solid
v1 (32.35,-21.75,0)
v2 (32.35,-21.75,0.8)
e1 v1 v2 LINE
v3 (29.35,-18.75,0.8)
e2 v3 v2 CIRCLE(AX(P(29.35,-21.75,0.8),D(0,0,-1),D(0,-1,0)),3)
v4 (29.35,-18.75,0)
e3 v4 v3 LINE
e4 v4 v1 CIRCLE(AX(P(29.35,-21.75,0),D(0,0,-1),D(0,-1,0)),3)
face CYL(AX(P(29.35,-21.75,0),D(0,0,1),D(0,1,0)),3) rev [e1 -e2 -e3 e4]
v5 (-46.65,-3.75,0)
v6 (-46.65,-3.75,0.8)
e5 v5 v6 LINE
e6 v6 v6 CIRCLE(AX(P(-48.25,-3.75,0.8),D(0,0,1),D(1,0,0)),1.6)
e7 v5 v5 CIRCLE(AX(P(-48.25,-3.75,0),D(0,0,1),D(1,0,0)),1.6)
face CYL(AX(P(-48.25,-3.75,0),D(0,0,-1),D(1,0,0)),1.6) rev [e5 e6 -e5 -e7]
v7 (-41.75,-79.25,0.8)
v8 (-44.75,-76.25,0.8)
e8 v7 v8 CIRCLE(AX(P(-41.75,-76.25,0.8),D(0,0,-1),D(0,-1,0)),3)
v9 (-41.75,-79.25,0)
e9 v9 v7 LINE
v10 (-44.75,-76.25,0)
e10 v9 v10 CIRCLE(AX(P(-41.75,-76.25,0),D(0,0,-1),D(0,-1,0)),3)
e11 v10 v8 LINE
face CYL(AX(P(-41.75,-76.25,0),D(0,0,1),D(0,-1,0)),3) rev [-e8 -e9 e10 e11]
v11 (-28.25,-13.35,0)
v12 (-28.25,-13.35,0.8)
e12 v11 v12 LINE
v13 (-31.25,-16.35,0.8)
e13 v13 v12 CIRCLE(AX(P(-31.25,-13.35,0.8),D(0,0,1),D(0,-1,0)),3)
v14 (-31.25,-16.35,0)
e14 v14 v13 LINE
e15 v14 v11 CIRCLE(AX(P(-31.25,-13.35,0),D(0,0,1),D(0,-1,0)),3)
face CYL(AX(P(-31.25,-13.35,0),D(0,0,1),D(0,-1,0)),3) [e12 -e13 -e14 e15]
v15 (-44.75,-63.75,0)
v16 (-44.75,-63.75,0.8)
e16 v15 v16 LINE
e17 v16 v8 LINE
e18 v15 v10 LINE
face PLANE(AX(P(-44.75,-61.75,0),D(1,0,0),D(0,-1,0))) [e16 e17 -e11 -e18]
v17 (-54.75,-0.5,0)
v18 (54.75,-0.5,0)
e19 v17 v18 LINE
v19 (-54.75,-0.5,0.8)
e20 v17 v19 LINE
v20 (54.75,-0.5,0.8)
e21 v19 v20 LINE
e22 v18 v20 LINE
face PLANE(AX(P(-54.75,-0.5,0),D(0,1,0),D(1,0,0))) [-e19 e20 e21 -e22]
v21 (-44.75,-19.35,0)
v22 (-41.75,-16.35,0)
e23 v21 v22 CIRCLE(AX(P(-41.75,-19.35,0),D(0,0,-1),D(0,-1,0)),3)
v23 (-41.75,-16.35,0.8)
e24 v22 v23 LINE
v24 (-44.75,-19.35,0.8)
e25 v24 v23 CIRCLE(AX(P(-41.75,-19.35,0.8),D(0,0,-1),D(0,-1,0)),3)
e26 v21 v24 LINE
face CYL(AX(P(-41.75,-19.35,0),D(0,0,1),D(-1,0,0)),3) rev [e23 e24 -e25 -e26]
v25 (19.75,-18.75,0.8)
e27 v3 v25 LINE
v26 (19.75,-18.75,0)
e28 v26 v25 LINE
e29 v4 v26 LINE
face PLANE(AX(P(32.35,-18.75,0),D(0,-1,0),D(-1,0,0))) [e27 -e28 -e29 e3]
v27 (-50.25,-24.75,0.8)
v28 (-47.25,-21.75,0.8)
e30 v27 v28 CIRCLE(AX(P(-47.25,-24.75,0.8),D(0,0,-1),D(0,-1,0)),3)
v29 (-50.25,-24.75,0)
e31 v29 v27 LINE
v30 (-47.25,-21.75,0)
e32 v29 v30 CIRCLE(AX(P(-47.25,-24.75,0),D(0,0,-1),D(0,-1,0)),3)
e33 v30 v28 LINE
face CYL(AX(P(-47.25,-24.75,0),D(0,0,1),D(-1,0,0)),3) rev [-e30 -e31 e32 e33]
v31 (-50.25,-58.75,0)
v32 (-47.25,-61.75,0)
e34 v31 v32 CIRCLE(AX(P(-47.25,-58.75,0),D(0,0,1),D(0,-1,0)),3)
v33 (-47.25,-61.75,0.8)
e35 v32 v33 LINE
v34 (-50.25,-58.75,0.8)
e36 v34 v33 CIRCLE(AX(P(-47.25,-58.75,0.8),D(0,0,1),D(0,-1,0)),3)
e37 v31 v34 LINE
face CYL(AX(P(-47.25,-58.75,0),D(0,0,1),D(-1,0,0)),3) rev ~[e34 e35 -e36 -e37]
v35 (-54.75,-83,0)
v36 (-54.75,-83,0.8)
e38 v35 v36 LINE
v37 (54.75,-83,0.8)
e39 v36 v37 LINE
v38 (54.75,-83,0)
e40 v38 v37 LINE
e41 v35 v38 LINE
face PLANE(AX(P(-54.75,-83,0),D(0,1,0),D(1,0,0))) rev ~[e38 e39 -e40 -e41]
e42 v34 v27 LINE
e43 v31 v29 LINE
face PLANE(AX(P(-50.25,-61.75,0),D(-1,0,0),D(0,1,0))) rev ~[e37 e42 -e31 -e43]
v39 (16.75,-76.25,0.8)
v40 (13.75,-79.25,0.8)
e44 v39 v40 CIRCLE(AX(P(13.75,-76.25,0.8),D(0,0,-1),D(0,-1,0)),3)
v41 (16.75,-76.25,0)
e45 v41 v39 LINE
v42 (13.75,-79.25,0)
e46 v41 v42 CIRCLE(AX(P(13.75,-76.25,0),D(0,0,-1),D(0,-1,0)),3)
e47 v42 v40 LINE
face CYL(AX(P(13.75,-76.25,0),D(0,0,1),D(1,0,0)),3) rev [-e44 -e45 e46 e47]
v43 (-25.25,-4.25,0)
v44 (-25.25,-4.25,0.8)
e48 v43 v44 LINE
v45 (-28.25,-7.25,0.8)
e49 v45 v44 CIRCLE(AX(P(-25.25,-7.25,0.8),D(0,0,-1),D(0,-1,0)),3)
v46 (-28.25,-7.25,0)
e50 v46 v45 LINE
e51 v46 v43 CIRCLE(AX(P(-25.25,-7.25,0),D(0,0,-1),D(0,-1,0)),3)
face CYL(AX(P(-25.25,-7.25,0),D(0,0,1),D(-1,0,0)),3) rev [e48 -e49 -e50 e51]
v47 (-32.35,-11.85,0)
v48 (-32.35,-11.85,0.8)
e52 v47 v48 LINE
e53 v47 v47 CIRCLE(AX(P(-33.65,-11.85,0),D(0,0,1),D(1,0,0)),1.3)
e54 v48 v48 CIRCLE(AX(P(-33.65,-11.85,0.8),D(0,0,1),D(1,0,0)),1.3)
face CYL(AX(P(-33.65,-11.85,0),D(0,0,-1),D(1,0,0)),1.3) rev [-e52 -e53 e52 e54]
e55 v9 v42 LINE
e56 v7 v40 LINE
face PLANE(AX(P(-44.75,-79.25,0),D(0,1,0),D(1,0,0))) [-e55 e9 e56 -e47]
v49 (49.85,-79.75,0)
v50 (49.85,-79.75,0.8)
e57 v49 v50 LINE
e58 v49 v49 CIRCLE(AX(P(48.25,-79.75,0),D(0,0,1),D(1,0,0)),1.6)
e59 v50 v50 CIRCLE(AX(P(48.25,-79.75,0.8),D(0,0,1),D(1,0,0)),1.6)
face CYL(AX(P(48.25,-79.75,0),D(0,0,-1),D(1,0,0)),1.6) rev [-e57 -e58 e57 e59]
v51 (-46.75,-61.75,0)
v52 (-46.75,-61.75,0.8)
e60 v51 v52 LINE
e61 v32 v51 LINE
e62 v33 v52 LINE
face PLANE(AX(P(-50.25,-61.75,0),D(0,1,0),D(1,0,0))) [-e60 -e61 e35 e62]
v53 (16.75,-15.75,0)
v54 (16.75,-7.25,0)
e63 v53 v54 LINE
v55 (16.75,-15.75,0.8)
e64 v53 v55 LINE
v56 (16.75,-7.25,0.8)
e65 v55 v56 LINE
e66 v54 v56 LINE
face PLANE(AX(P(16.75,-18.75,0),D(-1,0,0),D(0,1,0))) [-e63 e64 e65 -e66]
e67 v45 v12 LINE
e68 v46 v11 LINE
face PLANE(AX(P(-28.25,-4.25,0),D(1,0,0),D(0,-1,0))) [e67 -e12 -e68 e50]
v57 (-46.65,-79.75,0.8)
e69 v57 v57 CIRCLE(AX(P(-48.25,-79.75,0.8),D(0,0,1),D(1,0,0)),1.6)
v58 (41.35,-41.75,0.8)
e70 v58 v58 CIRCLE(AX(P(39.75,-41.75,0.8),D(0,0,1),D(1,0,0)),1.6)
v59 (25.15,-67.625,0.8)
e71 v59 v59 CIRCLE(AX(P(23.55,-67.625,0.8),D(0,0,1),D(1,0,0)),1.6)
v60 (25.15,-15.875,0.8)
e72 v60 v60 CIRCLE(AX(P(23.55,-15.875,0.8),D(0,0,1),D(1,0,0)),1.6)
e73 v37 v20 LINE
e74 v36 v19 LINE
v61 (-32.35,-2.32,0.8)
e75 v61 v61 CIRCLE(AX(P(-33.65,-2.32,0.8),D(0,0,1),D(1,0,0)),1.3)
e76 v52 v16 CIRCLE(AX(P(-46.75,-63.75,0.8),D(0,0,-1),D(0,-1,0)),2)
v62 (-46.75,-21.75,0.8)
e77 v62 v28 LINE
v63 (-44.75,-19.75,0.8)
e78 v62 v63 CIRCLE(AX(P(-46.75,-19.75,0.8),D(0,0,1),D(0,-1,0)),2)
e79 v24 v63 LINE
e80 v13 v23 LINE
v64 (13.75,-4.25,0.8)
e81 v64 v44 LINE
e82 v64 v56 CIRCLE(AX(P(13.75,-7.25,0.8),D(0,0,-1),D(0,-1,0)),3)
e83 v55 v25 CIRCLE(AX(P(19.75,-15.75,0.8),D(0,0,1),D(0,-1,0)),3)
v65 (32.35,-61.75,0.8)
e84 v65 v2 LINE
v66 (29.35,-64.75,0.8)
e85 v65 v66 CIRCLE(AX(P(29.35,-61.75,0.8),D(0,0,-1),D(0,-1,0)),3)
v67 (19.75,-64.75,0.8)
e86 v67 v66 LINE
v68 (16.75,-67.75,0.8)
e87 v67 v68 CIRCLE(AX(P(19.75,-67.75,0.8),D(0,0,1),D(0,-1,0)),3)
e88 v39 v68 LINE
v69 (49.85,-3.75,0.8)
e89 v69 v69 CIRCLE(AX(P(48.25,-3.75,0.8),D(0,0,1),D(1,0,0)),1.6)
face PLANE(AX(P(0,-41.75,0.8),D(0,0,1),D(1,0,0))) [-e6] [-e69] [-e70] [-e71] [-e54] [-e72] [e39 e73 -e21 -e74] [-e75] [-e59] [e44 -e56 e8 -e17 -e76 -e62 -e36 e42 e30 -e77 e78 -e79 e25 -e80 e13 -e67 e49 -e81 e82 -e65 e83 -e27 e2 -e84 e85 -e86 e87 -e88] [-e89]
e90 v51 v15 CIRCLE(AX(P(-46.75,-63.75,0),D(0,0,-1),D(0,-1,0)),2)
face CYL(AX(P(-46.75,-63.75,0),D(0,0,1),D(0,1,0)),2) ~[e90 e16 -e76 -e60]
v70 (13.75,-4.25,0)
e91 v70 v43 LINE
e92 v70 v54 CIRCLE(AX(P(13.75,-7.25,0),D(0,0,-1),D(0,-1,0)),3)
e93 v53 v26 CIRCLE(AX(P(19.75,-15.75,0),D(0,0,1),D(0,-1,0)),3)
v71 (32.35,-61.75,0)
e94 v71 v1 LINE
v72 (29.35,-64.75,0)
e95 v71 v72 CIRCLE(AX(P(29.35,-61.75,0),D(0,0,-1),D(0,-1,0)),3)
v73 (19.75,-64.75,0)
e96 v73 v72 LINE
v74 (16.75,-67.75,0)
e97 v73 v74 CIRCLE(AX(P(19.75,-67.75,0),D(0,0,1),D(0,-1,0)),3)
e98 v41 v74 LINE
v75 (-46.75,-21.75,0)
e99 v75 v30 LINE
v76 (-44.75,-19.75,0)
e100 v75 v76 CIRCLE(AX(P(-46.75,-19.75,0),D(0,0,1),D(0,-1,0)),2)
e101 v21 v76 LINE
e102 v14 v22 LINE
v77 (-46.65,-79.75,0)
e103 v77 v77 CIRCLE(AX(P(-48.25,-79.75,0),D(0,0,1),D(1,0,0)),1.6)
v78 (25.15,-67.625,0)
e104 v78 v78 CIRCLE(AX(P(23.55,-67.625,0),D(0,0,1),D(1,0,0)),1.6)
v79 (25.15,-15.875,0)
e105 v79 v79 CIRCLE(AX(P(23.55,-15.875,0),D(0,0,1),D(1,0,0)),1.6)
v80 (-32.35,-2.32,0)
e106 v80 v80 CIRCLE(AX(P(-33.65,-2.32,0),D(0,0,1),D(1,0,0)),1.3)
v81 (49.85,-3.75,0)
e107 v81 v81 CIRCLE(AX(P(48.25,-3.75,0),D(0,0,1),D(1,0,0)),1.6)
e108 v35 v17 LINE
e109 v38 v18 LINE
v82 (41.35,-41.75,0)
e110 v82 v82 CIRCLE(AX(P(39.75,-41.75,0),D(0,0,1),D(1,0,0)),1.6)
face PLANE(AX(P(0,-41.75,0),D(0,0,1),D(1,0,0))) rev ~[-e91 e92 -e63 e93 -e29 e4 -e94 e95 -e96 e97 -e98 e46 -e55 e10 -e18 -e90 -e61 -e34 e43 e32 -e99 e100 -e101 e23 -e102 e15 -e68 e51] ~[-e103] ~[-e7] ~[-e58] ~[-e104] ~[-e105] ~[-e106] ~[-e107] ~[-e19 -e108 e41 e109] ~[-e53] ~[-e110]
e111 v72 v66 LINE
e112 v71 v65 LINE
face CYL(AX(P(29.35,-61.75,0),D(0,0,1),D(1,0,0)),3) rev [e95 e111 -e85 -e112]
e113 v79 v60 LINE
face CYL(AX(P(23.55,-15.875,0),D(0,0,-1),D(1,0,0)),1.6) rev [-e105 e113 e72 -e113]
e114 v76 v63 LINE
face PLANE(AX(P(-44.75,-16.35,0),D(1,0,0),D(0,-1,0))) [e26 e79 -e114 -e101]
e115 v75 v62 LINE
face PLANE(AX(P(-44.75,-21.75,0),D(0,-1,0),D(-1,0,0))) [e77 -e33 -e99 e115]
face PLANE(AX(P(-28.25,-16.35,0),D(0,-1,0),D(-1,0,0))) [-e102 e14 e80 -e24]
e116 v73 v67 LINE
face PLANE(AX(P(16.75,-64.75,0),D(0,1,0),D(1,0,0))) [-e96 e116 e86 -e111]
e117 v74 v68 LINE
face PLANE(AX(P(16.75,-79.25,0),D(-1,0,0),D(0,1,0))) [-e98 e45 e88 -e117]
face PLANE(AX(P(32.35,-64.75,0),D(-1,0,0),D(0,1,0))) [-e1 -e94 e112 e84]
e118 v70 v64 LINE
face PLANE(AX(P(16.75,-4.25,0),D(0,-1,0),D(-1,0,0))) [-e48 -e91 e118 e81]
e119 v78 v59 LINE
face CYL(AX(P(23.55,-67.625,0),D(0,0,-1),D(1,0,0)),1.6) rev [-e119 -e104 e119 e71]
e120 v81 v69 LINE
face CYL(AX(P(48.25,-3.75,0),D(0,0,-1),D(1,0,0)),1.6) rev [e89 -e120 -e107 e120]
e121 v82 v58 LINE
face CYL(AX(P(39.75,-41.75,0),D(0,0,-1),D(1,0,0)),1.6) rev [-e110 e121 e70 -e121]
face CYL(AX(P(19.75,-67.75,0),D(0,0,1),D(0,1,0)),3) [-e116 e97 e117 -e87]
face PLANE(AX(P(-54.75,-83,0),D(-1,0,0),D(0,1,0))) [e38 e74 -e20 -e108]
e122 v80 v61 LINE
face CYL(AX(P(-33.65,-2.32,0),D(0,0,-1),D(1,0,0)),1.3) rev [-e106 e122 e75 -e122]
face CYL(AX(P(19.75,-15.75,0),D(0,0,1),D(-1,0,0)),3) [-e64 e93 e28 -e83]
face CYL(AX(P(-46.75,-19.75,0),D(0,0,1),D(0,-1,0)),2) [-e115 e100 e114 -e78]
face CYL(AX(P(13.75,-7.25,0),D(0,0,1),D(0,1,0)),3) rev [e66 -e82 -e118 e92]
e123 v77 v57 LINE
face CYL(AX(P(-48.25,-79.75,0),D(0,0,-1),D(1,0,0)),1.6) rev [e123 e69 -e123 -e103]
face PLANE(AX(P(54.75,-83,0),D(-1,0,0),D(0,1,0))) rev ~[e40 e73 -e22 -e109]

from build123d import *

# Parameters (mm, degrees)
SKETCH1_W           = 109.5
SKETCH1_H           = 82.5
SKETCH1_R           = 1.6
SKETCH1_R_2         = 1.3
BOSS_EXTRUDE1_DEPTH = 0.8
FILLET1_R           = 3
FILLET2_R           = 2


with BuildPart() as part:
    # Sketch1 → Boss-Extrude1 (new body)
    with BuildSketch(Plane.XY):
        with Locations((0, -41.75)):
            Rectangle(SKETCH1_W, SKETCH1_H)
        with Locations((23.55, -67.625)):
            Circle(SKETCH1_R, mode=Mode.SUBTRACT)
        with Locations((23.55, -15.875)):
            Circle(SKETCH1_R, mode=Mode.SUBTRACT)
        with Locations((48.25, -3.75)):
            Circle(SKETCH1_R, mode=Mode.SUBTRACT)
        with Locations((48.25, -79.75)):
            Circle(SKETCH1_R, mode=Mode.SUBTRACT)
        with Locations((-48.25, -79.75)):
            Circle(SKETCH1_R, mode=Mode.SUBTRACT)
        with Locations((-48.25, -3.75)):
            Circle(SKETCH1_R, mode=Mode.SUBTRACT)
        with Locations((-33.65, -2.32)):
            Circle(SKETCH1_R_2, mode=Mode.SUBTRACT)
        with Locations((-33.65, -11.85)):
            Circle(SKETCH1_R_2, mode=Mode.SUBTRACT)
        with Locations((39.75, -41.75)):
            Circle(SKETCH1_R, mode=Mode.SUBTRACT)
        Polygon((-50.25, -41.75), (-50.25, -61.75), (-44.75, -61.75), (-44.75, -79.25), (16.75, -79.25), (16.75, -64.75), (32.35, -64.75), (32.35, -18.75), (16.75, -18.75), (16.75, -4.25), (-28.25, -4.25), (-28.25, -16.35), (-44.75, -16.35), (-44.75, -21.75), (-50.25, -21.75), align=None, mode=Mode.SUBTRACT)
    extrude(amount=BOSS_EXTRUDE1_DEPTH)

    # Fillet1
    fillet1_edges = [part.edges().sort_by_distance(p)[0] for p in [
        (32.35, -64.75, 0.4),
        (32.35, -18.75, 0.4),
        (16.75, -18.75, 0.4),
        (16.75, -4.25, 0.4),
        (-28.25, -4.25, 0.4),
        (-28.25, -16.35, 0.4),
        (-44.75, -16.35, 0.4),
        (-50.25, -21.75, 0.4),
        (-50.25, -61.75, 0.4),
        (-44.75, -79.25, 0.4),
        (16.75, -79.25, 0.4),
        (16.75, -64.75, 0.4),
    ]]
    fillet(fillet1_edges, radius=FILLET1_R)

    # Fillet2
    fillet2_edges = [part.edges().sort_by_distance(p)[0] for p in [
        (-44.75, -21.75, 0.4),
        (-44.75, -61.75, 0.4),
    ]]
    fillet(fillet2_edges, radius=FILLET2_R)


solid = part.part
